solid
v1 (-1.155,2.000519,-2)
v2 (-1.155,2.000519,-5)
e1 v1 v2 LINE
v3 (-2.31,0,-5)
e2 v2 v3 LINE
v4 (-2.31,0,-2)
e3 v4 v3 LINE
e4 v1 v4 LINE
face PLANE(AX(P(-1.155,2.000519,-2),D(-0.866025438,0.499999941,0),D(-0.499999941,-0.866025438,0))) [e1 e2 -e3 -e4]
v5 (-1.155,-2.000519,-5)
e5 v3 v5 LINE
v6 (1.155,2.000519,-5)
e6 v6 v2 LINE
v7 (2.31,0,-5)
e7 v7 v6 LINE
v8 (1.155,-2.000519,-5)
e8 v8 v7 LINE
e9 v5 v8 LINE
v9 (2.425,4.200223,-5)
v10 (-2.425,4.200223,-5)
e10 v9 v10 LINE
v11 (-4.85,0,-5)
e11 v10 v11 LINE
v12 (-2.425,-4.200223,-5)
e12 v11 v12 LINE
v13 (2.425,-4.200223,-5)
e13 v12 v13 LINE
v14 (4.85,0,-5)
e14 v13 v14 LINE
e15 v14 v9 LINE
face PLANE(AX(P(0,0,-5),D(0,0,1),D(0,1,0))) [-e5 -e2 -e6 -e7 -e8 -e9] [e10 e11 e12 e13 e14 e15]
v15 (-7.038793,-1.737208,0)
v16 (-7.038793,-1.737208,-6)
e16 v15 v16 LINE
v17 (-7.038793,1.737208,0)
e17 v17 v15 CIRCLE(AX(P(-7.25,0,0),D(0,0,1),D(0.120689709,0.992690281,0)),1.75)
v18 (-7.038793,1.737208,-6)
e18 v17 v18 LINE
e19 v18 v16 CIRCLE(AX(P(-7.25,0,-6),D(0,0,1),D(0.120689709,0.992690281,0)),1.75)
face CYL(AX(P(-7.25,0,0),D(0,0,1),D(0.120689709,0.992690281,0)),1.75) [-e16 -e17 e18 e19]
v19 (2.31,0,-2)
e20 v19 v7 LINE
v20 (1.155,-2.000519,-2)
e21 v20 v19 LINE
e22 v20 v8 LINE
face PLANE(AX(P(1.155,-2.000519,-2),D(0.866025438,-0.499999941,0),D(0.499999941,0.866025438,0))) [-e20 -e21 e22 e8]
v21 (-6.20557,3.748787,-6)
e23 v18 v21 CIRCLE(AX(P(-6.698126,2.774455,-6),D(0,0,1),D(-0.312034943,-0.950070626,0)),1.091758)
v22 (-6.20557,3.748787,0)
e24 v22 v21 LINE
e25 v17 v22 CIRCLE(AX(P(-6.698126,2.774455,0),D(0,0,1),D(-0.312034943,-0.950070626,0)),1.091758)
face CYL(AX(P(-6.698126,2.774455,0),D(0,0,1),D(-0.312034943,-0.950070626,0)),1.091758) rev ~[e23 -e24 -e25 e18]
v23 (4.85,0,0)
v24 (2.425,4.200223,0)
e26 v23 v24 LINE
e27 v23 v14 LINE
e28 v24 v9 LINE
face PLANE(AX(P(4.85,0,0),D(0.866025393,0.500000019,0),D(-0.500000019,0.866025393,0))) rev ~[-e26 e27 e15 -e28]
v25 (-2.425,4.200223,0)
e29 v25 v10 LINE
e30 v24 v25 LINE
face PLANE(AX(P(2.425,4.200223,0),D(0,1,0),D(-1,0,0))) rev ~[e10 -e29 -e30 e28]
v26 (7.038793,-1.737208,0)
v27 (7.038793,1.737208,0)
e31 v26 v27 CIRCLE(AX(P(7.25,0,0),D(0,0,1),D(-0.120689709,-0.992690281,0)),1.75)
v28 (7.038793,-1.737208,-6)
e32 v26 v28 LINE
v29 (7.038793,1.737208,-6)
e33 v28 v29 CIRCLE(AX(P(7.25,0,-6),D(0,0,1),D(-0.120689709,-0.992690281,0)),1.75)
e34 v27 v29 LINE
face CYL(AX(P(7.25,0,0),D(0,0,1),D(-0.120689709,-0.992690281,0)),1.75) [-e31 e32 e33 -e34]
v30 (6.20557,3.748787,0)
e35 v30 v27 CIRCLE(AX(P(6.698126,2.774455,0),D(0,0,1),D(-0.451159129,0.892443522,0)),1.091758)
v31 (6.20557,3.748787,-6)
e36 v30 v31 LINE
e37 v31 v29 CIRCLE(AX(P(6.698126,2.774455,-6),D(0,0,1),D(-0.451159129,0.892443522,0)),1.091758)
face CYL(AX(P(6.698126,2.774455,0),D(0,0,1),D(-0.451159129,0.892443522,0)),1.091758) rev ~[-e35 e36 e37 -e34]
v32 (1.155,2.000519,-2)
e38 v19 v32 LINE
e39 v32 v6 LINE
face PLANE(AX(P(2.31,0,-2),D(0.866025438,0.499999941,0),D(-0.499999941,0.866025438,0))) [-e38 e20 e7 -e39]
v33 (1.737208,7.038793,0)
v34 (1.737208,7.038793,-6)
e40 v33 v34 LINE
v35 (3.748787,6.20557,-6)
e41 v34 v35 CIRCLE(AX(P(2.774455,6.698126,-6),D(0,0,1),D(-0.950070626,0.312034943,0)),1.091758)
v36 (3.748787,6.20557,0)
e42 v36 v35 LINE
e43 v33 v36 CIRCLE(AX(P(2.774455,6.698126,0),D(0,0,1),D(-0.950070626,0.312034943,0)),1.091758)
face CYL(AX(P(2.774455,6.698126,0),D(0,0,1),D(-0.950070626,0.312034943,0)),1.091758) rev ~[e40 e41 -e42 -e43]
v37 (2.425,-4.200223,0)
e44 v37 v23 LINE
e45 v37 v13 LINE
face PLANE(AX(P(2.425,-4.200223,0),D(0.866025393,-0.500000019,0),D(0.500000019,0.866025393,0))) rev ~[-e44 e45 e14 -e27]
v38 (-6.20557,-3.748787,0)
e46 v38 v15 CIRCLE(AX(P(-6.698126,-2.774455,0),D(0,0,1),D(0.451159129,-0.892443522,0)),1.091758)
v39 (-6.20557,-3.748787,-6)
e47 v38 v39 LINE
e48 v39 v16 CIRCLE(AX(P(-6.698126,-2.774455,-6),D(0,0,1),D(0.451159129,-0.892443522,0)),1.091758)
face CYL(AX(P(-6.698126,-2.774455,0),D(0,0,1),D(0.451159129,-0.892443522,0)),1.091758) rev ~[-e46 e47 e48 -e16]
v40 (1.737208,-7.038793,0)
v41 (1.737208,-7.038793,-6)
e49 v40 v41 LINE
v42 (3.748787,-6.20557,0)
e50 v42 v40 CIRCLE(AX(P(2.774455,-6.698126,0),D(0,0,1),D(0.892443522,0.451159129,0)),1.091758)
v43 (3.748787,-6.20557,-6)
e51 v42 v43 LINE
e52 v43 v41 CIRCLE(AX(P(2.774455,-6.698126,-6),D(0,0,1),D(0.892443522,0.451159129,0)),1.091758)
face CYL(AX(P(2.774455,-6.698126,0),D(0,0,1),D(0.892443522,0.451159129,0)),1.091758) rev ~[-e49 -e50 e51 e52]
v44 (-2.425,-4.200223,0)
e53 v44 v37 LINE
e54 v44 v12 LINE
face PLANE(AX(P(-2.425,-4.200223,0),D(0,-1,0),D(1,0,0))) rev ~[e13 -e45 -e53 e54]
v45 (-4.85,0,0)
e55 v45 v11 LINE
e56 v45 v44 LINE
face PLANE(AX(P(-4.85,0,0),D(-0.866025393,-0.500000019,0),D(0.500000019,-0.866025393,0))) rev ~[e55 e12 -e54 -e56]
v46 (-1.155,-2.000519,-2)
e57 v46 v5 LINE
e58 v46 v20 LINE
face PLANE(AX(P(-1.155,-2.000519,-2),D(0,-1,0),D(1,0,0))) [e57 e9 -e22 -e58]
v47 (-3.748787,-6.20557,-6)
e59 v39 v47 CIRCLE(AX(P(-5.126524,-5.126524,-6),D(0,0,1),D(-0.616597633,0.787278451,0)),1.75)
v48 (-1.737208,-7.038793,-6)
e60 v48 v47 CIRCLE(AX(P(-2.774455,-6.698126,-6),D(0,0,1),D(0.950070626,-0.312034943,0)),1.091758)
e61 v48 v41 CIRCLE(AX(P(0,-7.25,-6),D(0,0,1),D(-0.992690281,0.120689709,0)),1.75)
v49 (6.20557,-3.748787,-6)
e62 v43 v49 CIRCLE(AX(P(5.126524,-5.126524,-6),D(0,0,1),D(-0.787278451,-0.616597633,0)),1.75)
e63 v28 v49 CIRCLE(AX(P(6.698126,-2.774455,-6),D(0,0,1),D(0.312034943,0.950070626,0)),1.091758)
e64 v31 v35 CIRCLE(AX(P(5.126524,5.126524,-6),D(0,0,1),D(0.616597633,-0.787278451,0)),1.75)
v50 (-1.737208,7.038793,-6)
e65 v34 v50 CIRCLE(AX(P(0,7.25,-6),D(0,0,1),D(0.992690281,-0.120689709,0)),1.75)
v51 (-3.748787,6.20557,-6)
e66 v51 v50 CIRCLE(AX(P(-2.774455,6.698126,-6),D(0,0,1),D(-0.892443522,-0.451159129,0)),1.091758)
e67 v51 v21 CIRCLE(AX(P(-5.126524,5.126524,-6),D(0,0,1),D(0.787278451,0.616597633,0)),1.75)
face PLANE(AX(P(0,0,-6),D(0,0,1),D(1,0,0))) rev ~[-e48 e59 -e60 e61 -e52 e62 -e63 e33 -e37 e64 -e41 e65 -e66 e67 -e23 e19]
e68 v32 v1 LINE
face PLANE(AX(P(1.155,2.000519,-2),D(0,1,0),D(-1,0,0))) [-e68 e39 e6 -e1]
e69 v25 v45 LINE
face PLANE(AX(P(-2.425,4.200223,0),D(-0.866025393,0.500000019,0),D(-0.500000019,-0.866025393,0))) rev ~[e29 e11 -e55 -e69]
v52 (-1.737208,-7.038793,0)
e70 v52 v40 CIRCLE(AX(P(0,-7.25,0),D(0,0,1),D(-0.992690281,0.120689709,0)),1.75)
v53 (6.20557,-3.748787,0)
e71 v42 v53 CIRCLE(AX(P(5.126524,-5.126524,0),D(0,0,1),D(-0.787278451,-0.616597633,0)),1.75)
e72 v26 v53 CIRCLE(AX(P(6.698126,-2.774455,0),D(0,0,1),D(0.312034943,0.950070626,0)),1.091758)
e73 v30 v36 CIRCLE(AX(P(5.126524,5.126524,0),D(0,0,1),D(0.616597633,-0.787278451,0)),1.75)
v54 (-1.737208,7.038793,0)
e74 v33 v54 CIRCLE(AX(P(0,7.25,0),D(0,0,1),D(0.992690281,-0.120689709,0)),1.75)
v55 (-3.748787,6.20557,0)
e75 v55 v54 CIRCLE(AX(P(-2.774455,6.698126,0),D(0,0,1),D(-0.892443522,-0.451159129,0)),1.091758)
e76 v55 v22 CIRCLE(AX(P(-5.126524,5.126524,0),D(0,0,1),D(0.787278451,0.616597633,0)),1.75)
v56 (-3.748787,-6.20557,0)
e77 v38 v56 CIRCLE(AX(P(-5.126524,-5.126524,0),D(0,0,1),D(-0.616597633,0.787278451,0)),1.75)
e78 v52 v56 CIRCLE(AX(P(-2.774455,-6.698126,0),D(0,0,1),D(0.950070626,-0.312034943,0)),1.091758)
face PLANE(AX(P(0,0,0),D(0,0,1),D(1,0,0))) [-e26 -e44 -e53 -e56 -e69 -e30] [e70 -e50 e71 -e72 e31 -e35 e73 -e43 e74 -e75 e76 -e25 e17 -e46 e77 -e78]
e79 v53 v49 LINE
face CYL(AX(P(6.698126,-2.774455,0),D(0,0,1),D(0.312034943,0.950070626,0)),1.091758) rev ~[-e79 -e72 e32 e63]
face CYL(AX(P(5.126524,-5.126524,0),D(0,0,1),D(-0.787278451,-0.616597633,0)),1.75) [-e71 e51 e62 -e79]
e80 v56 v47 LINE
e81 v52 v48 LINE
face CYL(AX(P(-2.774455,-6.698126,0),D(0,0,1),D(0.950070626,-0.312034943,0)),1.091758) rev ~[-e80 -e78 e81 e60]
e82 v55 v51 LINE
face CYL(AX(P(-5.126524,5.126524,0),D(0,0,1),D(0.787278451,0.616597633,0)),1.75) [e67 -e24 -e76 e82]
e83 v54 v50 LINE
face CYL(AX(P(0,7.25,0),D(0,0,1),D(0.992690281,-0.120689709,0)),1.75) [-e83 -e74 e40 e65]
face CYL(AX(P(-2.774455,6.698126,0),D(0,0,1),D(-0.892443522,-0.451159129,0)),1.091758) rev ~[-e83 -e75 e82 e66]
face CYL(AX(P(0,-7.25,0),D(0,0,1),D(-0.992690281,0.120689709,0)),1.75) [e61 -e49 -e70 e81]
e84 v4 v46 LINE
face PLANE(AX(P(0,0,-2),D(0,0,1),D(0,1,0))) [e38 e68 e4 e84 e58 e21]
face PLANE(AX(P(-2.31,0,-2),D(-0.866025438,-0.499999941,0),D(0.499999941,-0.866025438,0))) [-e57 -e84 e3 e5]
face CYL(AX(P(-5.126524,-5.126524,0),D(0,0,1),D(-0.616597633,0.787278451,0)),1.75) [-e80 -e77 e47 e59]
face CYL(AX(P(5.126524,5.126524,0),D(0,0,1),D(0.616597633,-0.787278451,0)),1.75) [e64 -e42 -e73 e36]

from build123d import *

# Parameters (mm, degrees)
EXTRUDE001_DEPTH = 3
EXTRUDE_DEPTH    = 5
PAD_DEPTH        = 6


with BuildPart() as extrude001:
    # RegularPolygon001 → Extrude001 (new body)
    with BuildSketch(Plane(origin=(0, 0, -2), x_dir=(0, 1, 0), z_dir=(0, 0, 1))):
        Polygon((0, -2.31), (2.000519, -1.155), (2.000519, 1.155), (0, 2.31), (-2.000519, 1.155), (-2.000519, -1.155), align=None)
    extrude(amount=-EXTRUDE001_DEPTH)


with BuildPart() as extrude_body:
    # RegularPolygon → Extrude (new body)
    with BuildSketch(Plane(origin=(0, 0, 0), x_dir=(0, 1, 0), z_dir=(0, 0, 1))):
        Polygon((0, -4.85), (4.200223, -2.425), (4.200223, 2.425), (0, 4.85), (-4.200223, 2.425), (-4.200223, -2.425), align=None)
    extrude(amount=-EXTRUDE_DEPTH)


with BuildPart() as fusion:
    # Sketch → Pad (new body)
    with BuildSketch(Plane.XY):
        with BuildLine():
            ThreePointArc((1.737208, 7.038793), (0, 9), (-1.737208, 7.038793))
            ThreePointArc((-3.748787, 6.20557), (-2.356657, 5.689474), (-1.737208, 7.038793))
            ThreePointArc((-3.748787, 6.20557), (-6.363961, 6.363961), (-6.20557, 3.748787))
            ThreePointArc((-7.038793, 1.737208), (-5.689474, 2.356657), (-6.20557, 3.748787))
            ThreePointArc((-7.038793, 1.737208), (-9, 0), (-7.038793, -1.737208))
            ThreePointArc((-6.20557, -3.748787), (-5.689474, -2.356657), (-7.038793, -1.737208))
            ThreePointArc((-6.20557, -3.748787), (-6.363961, -6.363961), (-3.748787, -6.20557))
            ThreePointArc((-1.737208, -7.038793), (-2.356657, -5.689474), (-3.748787, -6.20557))
            ThreePointArc((-1.737208, -7.038793), (0, -9), (1.737208, -7.038793))
            ThreePointArc((3.748787, -6.20557), (2.356657, -5.689474), (1.737208, -7.038793))
            ThreePointArc((3.748787, -6.20557), (6.363961, -6.363961), (6.20557, -3.748787))
            ThreePointArc((7.038793, -1.737208), (5.689474, -2.356657), (6.20557, -3.748787))
            ThreePointArc((7.038793, -1.737208), (9, 0), (7.038793, 1.737208))
            ThreePointArc((6.20557, 3.748787), (5.689474, 2.356657), (7.038793, 1.737208))
            ThreePointArc((6.20557, 3.748787), (6.363961, 6.363961), (3.748787, 6.20557))
            ThreePointArc((1.737208, 7.038793), (2.356657, 5.689474), (3.748787, 6.20557))
        make_face()
    extrude(amount=-PAD_DEPTH)

    # Cut: cut Extrude body
    add(extrude_body.part, mode=Mode.SUBTRACT)

    # Fusion: union Extrude001
    add(extrude001.part)


solid = fusion.part
